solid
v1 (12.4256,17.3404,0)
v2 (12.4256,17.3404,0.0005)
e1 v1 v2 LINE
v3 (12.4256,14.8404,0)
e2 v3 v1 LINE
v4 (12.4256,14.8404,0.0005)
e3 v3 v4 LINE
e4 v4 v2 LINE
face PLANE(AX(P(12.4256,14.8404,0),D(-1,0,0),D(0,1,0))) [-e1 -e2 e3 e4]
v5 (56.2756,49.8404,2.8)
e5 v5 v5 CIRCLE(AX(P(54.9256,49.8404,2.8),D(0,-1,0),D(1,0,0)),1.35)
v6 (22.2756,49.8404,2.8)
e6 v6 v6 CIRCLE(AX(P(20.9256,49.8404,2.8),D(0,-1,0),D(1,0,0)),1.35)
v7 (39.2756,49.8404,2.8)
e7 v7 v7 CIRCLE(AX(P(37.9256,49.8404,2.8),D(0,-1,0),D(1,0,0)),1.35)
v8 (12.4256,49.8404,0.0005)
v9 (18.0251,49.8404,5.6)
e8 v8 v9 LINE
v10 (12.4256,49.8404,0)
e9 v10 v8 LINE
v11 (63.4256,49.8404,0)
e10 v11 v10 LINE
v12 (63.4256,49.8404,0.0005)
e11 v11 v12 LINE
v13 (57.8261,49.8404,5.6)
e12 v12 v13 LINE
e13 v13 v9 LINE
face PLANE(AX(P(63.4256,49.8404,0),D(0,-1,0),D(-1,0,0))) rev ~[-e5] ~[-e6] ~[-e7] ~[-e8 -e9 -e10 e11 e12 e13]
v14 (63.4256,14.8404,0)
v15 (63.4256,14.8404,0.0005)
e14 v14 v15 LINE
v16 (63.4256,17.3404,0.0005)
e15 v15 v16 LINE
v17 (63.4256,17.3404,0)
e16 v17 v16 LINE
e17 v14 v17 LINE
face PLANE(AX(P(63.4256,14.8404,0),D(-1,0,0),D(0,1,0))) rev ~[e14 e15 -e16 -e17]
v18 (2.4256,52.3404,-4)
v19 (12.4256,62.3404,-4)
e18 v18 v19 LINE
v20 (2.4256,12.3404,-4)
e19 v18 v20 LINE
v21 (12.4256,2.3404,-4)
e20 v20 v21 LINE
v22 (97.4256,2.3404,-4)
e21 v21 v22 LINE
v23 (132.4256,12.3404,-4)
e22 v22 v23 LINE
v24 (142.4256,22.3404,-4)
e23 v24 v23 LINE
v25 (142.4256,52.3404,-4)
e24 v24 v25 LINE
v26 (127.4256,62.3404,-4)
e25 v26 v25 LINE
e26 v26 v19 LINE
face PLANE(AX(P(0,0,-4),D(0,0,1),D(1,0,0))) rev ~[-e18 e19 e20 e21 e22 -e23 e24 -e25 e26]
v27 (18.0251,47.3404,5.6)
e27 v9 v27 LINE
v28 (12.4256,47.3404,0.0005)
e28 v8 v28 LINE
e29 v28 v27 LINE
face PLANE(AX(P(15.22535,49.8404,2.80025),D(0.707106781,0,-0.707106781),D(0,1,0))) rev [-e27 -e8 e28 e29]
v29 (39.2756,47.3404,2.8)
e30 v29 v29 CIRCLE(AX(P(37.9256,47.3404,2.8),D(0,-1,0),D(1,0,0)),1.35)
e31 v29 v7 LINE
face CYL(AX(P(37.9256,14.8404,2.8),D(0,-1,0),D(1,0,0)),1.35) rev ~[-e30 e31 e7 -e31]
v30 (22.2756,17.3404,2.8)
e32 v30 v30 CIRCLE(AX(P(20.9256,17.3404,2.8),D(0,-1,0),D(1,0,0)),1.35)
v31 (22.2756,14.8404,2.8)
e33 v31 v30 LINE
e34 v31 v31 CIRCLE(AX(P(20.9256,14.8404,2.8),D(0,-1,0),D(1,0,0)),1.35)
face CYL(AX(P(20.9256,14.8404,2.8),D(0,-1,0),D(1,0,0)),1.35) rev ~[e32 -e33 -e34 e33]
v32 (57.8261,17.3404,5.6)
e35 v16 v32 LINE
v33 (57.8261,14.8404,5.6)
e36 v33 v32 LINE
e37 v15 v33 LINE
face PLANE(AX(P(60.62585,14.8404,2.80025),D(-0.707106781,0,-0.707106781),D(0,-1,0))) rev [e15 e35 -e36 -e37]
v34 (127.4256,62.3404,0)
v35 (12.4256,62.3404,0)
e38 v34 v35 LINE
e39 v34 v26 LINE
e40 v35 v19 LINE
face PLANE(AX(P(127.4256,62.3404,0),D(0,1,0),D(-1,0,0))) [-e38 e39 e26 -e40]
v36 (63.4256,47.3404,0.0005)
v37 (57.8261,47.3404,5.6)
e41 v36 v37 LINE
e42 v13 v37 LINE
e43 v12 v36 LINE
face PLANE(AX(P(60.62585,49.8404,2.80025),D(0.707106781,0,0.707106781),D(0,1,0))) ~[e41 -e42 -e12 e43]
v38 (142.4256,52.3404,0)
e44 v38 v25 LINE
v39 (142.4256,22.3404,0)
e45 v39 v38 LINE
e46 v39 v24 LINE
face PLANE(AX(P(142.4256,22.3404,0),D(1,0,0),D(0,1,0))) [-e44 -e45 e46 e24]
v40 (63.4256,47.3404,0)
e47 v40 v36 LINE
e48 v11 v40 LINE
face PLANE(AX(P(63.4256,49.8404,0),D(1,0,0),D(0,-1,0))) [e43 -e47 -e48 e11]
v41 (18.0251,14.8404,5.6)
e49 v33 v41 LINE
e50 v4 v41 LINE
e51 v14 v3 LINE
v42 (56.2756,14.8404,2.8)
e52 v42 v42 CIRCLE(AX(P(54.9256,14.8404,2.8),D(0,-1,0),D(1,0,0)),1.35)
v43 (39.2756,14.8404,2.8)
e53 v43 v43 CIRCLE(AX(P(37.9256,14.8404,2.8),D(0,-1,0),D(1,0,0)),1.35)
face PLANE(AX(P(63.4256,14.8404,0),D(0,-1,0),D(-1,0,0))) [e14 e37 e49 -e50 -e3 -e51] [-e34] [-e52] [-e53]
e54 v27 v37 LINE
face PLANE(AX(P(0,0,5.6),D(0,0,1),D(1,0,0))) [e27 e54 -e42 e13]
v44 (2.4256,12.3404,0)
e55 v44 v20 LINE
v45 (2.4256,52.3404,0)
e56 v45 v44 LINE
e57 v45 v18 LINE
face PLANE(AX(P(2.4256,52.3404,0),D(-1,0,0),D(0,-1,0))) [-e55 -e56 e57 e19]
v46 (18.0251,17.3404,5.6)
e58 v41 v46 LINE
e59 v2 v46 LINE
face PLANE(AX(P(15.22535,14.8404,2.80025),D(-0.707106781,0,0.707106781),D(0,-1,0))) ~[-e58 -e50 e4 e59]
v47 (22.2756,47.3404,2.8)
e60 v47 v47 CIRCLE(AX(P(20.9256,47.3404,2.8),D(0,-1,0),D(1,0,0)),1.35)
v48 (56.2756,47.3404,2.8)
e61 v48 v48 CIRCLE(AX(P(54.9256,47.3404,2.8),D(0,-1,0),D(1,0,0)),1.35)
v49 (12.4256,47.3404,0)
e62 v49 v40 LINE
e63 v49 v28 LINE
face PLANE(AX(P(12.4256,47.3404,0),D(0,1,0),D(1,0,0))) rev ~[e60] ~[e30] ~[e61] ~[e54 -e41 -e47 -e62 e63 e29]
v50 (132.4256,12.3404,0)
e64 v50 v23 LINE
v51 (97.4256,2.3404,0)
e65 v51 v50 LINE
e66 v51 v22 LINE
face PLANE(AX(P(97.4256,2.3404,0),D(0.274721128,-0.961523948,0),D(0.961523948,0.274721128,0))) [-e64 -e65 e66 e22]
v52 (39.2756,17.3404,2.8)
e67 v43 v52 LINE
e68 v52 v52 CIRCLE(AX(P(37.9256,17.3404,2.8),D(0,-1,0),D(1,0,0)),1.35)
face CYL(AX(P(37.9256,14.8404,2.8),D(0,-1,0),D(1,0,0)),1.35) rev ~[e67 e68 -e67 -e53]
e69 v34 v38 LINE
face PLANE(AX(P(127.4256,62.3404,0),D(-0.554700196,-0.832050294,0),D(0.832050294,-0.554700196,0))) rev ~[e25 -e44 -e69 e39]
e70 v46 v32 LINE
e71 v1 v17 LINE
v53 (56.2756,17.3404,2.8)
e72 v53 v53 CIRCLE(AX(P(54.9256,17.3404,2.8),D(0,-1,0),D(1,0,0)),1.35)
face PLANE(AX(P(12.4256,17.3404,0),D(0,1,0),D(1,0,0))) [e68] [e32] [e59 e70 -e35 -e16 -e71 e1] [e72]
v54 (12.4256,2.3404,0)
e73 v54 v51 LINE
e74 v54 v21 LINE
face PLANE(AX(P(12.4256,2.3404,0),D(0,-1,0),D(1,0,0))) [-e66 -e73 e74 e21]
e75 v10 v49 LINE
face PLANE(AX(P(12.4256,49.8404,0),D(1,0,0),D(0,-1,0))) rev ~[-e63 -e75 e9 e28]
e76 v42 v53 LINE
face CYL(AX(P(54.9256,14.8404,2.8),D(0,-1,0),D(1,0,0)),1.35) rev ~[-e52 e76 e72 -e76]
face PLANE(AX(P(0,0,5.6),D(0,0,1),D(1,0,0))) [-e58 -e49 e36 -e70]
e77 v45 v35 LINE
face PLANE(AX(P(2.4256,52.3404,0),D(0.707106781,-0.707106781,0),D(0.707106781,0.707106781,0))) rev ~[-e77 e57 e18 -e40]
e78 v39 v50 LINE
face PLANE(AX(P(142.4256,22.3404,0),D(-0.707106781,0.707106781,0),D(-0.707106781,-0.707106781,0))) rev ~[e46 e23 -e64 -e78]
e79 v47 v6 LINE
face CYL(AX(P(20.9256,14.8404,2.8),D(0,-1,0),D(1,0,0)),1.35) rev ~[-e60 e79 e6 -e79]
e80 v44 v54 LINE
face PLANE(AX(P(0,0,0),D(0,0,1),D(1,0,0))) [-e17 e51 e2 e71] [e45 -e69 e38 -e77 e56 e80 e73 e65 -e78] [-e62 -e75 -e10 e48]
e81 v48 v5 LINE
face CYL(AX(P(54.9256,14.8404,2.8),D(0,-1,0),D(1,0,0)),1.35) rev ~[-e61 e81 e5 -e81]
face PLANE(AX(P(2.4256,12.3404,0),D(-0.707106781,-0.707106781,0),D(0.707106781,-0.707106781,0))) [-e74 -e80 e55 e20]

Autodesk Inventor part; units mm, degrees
ref_plane "YZ Plane" through (0, 0, 0) normal (1, 0, 0) x (0, 1, 0)
ref_plane "XZ Plane" through (0, 0, 0) normal (0, 1, 0) x (-1, 0, 0)
ref_plane "XY Plane" through (0, 0, 0) normal (0, 0, 1) x (1, 0, 0)
sketch "Sketch1" plane through (0, 0, 0) normal (0, 0, 1) x (1, 0, 0)
  line L0 (2.4256, 52.3404) -> (2.4256, 12.3404)
  line L1 (12.4256, 2.3404) -> (97.4256, 2.3404)
  line L2 (142.4256, 22.3404) -> (142.4256, 52.3404)
  line L3 (127.4256, 62.3404) -> (12.4256, 62.3404)
  line L4 (2.4256, 52.3404) -> (12.4256, 62.3404)
  line L5 (97.4256, 2.3404) -> (132.4256, 12.3404)
  line L6 (2.4256, 12.3404) -> (12.4256, 2.3404)
  line L7 (142.4256, 22.3404) -> (132.4256, 12.3404)
  line L8 (127.4256, 62.3404) -> (142.4256, 52.3404)
  line L9 (12.4256, 49.8404) -> (12.4256, 47.3404)
  line L10 (63.4256, 49.8404) -> (63.4256, 47.3404)
  line L11 (12.4256, 47.3404) -> (63.4256, 47.3404)
  line L12 (63.4256, 47.3404) -> (63.4256, 49.8404)
  line L13 (63.4256, 49.8404) -> (12.4256, 49.8404)
  line L14 (12.4256, 14.8404) -> (12.4256, 17.3404)
  line L15 (63.4256, 14.8404) -> (63.4256, 17.3404)
  line L16 (12.4256, 17.3404) -> (63.4256, 17.3404)
  line L17 (63.4256, 17.3404) -> (63.4256, 14.8404)
  line L18 (63.4256, 14.8404) -> (12.4256, 14.8404)
  point P0 (0, 0)
  dimension "d14" = 140
  dimension "d15" = 10
  dimension "d16" = 10
  dimension "d17" = 51
  dimension "d18" = 51
extrude "Extrusion1" add sketch "Sketch1" against normal blind 4 contours L4 L3 L8 L2 L7 L5 L1 L6 L0 | L13 L10 L11 L9 | L14 L16 L15 L18
extrude "Extrusion2" add sketch "Sketch1" along normal blind 5.6 contours L13 L10 L11 L9 | L14 L16 L15 L18
sketch "Sketch2" plane through (12.4256, 14.8404, 5.6) normal (0, -1, 0) x (1, 0, 0)
  line L0 (0, -5.6) -> (0, 0) projected
  line L1 (51, -5.6) -> (51, 0) projected
  circle A0 centre (8.5, -2.8) radius 1.35
  circle A1 centre (25.5, -2.8) radius 1.35
  circle A2 centre (42.5, -2.8) radius 1.35
  point P0 (50.8, -5.6)
  point P1 (-12.4256, -5.6)
  dimension "d5" = 2.7
  dimension "d6" = 8.5
  dimension "d7" = 2.7
  dimension "d8" = 2.7
  dimension "d9" = 8.5
  dimension "d10" = 17
extrude "Extrusion3" cut sketch "Sketch2" against normal through all
chamfer "Chamfer1" distance 5.6 angle 45 4 edges at (12.4256, 16.0904, 5.6) (63.4256, 48.5904, 5.6) (63.4256, 16.0904, 5.6) (12.4256, 48.5904, 5.6)
properties part number "Right foot" material "Aluminum-6061"
